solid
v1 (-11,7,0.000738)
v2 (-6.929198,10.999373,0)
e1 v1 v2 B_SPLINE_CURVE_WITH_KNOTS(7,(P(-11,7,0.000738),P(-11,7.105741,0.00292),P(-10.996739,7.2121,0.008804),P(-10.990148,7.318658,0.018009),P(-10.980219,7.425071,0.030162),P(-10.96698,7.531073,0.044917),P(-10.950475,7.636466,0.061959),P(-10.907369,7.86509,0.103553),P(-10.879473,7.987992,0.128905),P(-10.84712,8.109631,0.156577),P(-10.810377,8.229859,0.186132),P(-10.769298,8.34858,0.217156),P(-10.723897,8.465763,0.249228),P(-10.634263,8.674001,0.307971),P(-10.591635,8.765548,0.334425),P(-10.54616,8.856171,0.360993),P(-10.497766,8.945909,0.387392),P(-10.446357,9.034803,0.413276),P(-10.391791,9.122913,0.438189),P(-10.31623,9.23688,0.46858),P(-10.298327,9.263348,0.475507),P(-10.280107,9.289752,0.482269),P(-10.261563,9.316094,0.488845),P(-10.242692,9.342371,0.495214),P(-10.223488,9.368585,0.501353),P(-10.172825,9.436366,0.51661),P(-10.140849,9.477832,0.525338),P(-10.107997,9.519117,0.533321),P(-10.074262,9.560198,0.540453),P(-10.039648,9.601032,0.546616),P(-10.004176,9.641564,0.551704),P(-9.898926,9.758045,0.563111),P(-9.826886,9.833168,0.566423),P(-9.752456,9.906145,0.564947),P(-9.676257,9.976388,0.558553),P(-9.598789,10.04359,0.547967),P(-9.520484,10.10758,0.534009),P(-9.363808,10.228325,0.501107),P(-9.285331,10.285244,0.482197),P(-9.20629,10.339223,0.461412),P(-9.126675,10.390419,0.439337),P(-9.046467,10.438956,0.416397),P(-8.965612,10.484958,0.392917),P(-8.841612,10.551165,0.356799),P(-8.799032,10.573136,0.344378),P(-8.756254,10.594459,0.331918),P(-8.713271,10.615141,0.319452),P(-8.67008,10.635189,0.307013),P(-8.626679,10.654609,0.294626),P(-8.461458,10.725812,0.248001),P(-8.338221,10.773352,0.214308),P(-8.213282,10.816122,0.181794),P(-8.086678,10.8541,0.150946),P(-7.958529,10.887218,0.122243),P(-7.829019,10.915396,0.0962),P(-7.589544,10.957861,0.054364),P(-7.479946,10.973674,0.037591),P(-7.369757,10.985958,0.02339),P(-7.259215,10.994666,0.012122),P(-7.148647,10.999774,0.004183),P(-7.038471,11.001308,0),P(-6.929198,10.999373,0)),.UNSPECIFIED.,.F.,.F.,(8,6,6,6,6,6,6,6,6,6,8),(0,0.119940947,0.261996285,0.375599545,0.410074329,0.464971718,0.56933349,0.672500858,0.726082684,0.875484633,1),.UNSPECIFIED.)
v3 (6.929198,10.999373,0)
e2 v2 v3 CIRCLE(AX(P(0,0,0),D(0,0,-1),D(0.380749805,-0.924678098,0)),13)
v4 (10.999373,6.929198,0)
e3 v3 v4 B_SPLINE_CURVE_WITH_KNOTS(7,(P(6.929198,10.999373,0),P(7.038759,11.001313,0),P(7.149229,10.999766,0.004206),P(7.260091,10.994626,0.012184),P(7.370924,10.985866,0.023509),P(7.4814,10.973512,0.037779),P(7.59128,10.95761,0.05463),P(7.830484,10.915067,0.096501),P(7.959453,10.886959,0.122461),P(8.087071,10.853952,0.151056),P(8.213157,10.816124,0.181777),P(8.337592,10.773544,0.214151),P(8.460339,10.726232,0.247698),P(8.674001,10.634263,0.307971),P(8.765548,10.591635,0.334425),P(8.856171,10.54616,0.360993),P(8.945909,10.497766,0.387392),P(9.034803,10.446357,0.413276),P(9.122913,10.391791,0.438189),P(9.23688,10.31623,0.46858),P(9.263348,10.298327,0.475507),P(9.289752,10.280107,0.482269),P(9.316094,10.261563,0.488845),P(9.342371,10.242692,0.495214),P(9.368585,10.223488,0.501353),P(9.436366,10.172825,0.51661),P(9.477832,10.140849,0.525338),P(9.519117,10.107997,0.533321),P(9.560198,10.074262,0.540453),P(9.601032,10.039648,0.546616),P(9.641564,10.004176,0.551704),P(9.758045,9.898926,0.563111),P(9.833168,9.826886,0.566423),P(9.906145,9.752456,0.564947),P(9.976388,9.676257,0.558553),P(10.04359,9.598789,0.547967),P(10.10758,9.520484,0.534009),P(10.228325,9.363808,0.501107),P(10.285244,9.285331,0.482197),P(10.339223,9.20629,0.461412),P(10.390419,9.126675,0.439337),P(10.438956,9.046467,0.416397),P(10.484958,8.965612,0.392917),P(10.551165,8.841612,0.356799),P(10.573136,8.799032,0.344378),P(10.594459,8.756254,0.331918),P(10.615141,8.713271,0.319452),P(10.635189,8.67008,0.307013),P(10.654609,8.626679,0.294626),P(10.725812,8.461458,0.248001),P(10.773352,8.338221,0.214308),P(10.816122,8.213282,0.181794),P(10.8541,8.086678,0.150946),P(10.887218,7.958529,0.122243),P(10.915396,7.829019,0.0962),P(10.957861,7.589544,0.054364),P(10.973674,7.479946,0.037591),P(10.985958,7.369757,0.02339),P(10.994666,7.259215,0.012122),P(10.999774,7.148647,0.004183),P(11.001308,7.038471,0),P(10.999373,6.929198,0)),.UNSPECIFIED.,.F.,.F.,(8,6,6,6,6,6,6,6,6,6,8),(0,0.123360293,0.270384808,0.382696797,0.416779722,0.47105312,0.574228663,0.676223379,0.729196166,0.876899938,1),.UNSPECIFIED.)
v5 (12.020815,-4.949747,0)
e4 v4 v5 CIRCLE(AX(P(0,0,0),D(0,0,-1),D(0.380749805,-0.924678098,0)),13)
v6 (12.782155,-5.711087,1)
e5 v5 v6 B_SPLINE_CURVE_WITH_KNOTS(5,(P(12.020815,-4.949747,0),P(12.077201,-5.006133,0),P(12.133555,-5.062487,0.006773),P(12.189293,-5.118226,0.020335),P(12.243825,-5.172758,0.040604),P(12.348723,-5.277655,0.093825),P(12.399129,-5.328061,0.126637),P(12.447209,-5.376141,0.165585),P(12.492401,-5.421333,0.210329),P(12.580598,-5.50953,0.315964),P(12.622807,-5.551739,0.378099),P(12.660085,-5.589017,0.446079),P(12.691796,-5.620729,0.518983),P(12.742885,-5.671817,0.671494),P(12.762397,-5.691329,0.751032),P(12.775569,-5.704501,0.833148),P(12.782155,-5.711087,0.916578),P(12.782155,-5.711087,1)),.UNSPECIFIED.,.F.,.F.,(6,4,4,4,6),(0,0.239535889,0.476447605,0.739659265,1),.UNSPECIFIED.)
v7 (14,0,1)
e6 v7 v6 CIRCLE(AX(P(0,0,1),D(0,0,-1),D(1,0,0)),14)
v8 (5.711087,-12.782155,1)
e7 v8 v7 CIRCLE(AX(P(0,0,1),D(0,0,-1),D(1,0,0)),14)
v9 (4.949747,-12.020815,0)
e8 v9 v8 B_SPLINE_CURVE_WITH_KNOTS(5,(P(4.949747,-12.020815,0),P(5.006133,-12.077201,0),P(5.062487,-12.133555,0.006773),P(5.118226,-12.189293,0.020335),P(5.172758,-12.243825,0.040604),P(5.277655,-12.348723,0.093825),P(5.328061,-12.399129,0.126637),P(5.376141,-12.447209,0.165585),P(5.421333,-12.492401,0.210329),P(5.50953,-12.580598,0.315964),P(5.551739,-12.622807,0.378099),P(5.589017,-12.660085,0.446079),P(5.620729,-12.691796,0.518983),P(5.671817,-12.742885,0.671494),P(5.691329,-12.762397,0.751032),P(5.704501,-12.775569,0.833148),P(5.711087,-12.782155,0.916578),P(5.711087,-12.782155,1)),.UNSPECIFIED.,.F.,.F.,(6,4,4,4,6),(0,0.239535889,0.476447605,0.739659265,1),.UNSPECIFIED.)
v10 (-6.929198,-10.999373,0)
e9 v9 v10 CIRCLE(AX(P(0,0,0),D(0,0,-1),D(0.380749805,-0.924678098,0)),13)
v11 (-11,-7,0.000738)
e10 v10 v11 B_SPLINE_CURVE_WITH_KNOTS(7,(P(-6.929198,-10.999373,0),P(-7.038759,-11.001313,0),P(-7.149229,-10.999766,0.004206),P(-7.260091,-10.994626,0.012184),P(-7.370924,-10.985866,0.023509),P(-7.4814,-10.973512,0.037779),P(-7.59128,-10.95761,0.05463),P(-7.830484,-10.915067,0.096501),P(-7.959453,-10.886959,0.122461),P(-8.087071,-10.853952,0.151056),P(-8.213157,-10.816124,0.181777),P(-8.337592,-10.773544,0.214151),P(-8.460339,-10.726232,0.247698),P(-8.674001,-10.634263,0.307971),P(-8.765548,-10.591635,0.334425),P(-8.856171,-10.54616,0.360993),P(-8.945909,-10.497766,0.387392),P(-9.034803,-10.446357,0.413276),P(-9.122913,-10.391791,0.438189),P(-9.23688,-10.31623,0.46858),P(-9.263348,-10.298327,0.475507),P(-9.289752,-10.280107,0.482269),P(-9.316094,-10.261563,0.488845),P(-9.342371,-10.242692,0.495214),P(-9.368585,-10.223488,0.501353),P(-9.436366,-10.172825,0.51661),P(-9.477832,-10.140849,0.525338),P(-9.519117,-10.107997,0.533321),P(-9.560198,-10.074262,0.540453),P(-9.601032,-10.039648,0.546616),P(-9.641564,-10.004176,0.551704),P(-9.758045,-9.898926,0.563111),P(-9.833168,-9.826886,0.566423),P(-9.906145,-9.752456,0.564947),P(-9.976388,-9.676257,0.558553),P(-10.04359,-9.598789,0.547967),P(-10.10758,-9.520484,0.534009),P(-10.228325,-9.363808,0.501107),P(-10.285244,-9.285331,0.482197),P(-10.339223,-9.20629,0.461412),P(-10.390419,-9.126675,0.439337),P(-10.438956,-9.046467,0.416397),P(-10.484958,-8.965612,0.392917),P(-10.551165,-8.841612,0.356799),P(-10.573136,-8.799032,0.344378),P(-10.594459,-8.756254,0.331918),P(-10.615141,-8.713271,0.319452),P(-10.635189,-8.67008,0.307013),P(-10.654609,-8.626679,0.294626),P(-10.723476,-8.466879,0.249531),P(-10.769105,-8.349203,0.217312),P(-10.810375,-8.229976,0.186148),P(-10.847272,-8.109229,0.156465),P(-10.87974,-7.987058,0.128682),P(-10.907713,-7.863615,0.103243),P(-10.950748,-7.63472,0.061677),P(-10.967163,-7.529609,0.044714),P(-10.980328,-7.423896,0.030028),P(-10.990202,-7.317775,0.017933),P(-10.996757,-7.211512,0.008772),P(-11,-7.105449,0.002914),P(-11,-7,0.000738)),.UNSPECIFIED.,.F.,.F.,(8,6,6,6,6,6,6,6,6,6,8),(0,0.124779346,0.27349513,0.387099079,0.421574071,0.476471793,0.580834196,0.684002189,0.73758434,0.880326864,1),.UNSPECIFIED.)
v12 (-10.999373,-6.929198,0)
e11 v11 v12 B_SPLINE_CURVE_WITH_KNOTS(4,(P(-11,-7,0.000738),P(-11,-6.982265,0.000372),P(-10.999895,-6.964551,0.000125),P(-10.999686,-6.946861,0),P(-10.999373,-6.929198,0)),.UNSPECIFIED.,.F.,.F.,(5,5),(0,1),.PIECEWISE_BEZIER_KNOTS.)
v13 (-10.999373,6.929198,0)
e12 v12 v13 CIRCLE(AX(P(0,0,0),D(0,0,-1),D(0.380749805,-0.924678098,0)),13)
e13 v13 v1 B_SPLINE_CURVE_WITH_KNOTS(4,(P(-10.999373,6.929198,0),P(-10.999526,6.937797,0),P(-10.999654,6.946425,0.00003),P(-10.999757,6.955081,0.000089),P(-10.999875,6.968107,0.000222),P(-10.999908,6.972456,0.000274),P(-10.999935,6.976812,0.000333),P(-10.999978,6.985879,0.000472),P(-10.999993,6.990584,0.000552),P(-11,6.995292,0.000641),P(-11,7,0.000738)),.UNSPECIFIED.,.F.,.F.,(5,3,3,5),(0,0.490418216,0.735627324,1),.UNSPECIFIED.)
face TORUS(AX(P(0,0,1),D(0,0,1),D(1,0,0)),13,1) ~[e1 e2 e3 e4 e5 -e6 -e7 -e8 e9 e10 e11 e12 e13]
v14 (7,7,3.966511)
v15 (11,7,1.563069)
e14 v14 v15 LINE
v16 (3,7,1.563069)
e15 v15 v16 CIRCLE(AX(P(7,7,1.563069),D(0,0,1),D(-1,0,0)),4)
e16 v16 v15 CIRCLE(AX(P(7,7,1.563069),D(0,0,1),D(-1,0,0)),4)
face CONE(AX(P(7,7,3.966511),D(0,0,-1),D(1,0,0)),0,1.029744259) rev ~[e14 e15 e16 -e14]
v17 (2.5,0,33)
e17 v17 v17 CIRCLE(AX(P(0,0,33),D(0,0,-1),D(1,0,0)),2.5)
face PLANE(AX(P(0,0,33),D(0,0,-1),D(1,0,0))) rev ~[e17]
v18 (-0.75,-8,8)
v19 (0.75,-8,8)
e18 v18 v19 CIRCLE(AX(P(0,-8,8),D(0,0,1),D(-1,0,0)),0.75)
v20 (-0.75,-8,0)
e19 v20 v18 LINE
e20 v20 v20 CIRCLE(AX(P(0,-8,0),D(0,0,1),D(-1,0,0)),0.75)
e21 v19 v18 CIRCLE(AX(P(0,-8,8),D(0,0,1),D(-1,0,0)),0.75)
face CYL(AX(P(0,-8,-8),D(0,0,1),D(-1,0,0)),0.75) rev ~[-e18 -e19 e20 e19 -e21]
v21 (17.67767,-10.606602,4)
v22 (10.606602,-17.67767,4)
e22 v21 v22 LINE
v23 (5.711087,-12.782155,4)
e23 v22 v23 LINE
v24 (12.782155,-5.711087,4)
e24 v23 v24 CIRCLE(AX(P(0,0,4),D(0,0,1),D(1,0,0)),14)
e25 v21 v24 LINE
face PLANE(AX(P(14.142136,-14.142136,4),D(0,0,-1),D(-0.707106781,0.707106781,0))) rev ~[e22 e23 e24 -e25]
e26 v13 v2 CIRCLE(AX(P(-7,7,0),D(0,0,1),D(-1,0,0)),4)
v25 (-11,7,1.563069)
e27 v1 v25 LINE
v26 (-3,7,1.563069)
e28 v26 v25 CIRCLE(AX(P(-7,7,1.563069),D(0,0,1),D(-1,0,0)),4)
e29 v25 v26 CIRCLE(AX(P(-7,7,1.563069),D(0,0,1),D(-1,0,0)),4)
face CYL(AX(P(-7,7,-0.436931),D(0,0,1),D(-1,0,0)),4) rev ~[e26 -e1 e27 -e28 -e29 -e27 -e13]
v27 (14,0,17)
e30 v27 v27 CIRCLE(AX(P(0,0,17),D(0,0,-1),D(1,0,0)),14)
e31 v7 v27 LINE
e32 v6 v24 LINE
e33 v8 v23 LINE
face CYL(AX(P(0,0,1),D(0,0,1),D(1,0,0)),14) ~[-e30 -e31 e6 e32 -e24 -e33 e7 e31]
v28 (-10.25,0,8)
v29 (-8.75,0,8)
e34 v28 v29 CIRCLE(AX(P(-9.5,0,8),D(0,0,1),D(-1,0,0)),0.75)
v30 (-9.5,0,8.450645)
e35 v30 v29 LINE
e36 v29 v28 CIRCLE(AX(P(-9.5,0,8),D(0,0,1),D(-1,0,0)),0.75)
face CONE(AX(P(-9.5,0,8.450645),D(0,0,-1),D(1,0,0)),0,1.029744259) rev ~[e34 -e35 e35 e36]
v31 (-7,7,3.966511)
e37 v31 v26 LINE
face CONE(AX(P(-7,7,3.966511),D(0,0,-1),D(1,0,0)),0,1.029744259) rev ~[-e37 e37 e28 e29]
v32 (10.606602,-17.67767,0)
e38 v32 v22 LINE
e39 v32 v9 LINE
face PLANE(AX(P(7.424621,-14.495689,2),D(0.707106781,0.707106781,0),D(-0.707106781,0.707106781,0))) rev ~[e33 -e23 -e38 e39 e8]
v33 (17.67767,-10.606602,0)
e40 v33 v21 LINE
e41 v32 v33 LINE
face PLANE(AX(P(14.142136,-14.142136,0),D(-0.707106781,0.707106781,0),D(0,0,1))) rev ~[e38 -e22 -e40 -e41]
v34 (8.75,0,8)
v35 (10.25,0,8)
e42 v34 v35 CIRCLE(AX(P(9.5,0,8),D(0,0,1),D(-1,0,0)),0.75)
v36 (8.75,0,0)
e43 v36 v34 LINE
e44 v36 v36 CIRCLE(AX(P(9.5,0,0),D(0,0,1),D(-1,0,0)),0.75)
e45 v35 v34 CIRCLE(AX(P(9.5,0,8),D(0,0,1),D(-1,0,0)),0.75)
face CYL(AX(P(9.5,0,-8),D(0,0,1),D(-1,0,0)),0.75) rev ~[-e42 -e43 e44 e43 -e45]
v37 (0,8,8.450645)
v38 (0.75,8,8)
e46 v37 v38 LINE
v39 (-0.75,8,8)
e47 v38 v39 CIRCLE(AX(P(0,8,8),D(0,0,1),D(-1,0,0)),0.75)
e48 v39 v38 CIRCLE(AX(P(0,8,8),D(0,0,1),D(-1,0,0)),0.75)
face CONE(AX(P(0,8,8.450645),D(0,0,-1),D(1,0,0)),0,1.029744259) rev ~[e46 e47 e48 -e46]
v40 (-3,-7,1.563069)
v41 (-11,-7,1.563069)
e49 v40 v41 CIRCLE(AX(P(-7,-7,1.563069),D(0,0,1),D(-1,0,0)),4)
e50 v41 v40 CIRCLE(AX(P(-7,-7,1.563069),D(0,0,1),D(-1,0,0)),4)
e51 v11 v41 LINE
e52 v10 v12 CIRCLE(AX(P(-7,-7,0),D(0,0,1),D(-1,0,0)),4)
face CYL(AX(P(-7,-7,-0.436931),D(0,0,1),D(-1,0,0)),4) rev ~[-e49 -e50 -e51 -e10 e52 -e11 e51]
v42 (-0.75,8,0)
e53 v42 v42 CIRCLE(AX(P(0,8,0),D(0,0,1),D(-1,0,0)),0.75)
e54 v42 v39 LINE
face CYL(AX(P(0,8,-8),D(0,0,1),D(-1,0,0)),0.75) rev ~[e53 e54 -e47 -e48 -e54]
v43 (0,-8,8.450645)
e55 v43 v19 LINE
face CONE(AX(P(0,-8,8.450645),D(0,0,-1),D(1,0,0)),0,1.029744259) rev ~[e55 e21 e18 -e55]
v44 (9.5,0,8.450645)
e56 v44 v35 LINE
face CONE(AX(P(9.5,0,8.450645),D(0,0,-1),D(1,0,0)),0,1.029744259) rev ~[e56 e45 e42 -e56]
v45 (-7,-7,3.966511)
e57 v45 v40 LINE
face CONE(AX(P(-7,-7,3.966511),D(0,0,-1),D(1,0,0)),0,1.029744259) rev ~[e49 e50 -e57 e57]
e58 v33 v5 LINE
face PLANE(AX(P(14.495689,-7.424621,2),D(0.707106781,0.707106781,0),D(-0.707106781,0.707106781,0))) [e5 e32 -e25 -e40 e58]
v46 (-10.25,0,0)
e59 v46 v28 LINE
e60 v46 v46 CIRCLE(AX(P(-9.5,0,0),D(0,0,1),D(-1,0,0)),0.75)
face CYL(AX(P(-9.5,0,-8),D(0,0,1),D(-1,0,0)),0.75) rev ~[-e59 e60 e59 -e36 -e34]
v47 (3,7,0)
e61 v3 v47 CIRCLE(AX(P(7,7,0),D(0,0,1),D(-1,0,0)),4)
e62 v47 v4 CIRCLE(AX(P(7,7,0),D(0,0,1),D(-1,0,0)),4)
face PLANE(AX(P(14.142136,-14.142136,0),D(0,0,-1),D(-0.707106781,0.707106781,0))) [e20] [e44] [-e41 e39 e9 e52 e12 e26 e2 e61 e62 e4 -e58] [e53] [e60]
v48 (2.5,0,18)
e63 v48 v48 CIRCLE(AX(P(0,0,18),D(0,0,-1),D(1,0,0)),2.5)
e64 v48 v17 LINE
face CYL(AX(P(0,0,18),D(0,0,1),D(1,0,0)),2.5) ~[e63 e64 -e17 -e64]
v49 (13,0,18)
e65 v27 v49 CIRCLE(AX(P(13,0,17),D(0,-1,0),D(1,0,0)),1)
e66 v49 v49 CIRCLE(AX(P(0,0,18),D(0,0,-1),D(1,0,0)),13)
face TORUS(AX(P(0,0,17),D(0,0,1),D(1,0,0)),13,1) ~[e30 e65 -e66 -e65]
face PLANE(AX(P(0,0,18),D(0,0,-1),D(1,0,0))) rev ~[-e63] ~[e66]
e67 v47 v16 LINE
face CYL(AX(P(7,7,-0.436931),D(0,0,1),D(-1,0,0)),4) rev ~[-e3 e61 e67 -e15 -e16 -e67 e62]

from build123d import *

# Parameters (mm, degrees)
F3_D      = 1.5
F3_DEPTH  = 8
F3_TIP    = 0.4506454643
F7_W      = 9
F7_H      = 4
F8_DEPTH  = 5
F10_D     = 8
F10_DEPTH = 1
F10_START = 0.5630689
F10_TIP   = 2.4034424761


with BuildPart() as f1:
    # F0 (on Front) → F1 (revolve)
    with BuildSketch(Plane.XZ):
        with BuildLine():
            Line((0, 33), (0, 0))
            Line((0, 0), (13, 0))
            ThreePointArc((13, 0), (13.7071067812, 0.2928932188), (14, 1))
            Line((14, 1), (14, 17))
            ThreePointArc((14, 17), (13.7071067812, 17.7071067812), (13, 18))
            Line((13, 18), (2.5, 18))
            Line((2.5, 18), (2.5, 33))
            Line((2.5, 33), (0, 33))
        make_face()
    revolve(axis=Axis((0, 0, 16.5), (0, 0, -1)))

    # F3
    with Locations(Plane(origin=(0, 0, 0), x_dir=(1, 0, 0), z_dir=(0, 0, -1))):
        with Locations((0, 8), (-9.5, 0), (0, -8), (9.5, 0)):
            Hole(F3_D / 2, depth=F3_DEPTH)
            with Locations((0, 0, -(F3_DEPTH + F3_TIP / 2))):  # 118° drill point
                Cone(0, F3_D / 2, F3_TIP, mode=Mode.SUBTRACT)

    # F7 (on 3pt) → F8 (join, symmetric)
    with BuildSketch(Plane(origin=(0, 0, 0), x_dir=(-0.7071067812, 0.7071067812, 0), z_dir=(0.7071067812, 0.7071067812, 0))):
        with Locations((-15.5, 2)):
            Rectangle(F7_W, F7_H)
    extrude(amount=F8_DEPTH, both=True)

    # F10
    # its depths count from where the whole tool has entered the part; down to there all is cleared
    with Locations(Plane(origin=(0, 0, 0), x_dir=(1, 0, 0), z_dir=(0, 0, -1)).offset(-F10_START)):
        with Locations((-7, 7), (-7, -7), (7, -7)):
            Hole(F10_D / 2, depth=F10_DEPTH)
            with Locations((0, 0, -(F10_DEPTH + F10_TIP / 2))):  # 118° drill point
                Cone(0, F10_D / 2, F10_TIP, mode=Mode.SUBTRACT)


solid = f1.part
